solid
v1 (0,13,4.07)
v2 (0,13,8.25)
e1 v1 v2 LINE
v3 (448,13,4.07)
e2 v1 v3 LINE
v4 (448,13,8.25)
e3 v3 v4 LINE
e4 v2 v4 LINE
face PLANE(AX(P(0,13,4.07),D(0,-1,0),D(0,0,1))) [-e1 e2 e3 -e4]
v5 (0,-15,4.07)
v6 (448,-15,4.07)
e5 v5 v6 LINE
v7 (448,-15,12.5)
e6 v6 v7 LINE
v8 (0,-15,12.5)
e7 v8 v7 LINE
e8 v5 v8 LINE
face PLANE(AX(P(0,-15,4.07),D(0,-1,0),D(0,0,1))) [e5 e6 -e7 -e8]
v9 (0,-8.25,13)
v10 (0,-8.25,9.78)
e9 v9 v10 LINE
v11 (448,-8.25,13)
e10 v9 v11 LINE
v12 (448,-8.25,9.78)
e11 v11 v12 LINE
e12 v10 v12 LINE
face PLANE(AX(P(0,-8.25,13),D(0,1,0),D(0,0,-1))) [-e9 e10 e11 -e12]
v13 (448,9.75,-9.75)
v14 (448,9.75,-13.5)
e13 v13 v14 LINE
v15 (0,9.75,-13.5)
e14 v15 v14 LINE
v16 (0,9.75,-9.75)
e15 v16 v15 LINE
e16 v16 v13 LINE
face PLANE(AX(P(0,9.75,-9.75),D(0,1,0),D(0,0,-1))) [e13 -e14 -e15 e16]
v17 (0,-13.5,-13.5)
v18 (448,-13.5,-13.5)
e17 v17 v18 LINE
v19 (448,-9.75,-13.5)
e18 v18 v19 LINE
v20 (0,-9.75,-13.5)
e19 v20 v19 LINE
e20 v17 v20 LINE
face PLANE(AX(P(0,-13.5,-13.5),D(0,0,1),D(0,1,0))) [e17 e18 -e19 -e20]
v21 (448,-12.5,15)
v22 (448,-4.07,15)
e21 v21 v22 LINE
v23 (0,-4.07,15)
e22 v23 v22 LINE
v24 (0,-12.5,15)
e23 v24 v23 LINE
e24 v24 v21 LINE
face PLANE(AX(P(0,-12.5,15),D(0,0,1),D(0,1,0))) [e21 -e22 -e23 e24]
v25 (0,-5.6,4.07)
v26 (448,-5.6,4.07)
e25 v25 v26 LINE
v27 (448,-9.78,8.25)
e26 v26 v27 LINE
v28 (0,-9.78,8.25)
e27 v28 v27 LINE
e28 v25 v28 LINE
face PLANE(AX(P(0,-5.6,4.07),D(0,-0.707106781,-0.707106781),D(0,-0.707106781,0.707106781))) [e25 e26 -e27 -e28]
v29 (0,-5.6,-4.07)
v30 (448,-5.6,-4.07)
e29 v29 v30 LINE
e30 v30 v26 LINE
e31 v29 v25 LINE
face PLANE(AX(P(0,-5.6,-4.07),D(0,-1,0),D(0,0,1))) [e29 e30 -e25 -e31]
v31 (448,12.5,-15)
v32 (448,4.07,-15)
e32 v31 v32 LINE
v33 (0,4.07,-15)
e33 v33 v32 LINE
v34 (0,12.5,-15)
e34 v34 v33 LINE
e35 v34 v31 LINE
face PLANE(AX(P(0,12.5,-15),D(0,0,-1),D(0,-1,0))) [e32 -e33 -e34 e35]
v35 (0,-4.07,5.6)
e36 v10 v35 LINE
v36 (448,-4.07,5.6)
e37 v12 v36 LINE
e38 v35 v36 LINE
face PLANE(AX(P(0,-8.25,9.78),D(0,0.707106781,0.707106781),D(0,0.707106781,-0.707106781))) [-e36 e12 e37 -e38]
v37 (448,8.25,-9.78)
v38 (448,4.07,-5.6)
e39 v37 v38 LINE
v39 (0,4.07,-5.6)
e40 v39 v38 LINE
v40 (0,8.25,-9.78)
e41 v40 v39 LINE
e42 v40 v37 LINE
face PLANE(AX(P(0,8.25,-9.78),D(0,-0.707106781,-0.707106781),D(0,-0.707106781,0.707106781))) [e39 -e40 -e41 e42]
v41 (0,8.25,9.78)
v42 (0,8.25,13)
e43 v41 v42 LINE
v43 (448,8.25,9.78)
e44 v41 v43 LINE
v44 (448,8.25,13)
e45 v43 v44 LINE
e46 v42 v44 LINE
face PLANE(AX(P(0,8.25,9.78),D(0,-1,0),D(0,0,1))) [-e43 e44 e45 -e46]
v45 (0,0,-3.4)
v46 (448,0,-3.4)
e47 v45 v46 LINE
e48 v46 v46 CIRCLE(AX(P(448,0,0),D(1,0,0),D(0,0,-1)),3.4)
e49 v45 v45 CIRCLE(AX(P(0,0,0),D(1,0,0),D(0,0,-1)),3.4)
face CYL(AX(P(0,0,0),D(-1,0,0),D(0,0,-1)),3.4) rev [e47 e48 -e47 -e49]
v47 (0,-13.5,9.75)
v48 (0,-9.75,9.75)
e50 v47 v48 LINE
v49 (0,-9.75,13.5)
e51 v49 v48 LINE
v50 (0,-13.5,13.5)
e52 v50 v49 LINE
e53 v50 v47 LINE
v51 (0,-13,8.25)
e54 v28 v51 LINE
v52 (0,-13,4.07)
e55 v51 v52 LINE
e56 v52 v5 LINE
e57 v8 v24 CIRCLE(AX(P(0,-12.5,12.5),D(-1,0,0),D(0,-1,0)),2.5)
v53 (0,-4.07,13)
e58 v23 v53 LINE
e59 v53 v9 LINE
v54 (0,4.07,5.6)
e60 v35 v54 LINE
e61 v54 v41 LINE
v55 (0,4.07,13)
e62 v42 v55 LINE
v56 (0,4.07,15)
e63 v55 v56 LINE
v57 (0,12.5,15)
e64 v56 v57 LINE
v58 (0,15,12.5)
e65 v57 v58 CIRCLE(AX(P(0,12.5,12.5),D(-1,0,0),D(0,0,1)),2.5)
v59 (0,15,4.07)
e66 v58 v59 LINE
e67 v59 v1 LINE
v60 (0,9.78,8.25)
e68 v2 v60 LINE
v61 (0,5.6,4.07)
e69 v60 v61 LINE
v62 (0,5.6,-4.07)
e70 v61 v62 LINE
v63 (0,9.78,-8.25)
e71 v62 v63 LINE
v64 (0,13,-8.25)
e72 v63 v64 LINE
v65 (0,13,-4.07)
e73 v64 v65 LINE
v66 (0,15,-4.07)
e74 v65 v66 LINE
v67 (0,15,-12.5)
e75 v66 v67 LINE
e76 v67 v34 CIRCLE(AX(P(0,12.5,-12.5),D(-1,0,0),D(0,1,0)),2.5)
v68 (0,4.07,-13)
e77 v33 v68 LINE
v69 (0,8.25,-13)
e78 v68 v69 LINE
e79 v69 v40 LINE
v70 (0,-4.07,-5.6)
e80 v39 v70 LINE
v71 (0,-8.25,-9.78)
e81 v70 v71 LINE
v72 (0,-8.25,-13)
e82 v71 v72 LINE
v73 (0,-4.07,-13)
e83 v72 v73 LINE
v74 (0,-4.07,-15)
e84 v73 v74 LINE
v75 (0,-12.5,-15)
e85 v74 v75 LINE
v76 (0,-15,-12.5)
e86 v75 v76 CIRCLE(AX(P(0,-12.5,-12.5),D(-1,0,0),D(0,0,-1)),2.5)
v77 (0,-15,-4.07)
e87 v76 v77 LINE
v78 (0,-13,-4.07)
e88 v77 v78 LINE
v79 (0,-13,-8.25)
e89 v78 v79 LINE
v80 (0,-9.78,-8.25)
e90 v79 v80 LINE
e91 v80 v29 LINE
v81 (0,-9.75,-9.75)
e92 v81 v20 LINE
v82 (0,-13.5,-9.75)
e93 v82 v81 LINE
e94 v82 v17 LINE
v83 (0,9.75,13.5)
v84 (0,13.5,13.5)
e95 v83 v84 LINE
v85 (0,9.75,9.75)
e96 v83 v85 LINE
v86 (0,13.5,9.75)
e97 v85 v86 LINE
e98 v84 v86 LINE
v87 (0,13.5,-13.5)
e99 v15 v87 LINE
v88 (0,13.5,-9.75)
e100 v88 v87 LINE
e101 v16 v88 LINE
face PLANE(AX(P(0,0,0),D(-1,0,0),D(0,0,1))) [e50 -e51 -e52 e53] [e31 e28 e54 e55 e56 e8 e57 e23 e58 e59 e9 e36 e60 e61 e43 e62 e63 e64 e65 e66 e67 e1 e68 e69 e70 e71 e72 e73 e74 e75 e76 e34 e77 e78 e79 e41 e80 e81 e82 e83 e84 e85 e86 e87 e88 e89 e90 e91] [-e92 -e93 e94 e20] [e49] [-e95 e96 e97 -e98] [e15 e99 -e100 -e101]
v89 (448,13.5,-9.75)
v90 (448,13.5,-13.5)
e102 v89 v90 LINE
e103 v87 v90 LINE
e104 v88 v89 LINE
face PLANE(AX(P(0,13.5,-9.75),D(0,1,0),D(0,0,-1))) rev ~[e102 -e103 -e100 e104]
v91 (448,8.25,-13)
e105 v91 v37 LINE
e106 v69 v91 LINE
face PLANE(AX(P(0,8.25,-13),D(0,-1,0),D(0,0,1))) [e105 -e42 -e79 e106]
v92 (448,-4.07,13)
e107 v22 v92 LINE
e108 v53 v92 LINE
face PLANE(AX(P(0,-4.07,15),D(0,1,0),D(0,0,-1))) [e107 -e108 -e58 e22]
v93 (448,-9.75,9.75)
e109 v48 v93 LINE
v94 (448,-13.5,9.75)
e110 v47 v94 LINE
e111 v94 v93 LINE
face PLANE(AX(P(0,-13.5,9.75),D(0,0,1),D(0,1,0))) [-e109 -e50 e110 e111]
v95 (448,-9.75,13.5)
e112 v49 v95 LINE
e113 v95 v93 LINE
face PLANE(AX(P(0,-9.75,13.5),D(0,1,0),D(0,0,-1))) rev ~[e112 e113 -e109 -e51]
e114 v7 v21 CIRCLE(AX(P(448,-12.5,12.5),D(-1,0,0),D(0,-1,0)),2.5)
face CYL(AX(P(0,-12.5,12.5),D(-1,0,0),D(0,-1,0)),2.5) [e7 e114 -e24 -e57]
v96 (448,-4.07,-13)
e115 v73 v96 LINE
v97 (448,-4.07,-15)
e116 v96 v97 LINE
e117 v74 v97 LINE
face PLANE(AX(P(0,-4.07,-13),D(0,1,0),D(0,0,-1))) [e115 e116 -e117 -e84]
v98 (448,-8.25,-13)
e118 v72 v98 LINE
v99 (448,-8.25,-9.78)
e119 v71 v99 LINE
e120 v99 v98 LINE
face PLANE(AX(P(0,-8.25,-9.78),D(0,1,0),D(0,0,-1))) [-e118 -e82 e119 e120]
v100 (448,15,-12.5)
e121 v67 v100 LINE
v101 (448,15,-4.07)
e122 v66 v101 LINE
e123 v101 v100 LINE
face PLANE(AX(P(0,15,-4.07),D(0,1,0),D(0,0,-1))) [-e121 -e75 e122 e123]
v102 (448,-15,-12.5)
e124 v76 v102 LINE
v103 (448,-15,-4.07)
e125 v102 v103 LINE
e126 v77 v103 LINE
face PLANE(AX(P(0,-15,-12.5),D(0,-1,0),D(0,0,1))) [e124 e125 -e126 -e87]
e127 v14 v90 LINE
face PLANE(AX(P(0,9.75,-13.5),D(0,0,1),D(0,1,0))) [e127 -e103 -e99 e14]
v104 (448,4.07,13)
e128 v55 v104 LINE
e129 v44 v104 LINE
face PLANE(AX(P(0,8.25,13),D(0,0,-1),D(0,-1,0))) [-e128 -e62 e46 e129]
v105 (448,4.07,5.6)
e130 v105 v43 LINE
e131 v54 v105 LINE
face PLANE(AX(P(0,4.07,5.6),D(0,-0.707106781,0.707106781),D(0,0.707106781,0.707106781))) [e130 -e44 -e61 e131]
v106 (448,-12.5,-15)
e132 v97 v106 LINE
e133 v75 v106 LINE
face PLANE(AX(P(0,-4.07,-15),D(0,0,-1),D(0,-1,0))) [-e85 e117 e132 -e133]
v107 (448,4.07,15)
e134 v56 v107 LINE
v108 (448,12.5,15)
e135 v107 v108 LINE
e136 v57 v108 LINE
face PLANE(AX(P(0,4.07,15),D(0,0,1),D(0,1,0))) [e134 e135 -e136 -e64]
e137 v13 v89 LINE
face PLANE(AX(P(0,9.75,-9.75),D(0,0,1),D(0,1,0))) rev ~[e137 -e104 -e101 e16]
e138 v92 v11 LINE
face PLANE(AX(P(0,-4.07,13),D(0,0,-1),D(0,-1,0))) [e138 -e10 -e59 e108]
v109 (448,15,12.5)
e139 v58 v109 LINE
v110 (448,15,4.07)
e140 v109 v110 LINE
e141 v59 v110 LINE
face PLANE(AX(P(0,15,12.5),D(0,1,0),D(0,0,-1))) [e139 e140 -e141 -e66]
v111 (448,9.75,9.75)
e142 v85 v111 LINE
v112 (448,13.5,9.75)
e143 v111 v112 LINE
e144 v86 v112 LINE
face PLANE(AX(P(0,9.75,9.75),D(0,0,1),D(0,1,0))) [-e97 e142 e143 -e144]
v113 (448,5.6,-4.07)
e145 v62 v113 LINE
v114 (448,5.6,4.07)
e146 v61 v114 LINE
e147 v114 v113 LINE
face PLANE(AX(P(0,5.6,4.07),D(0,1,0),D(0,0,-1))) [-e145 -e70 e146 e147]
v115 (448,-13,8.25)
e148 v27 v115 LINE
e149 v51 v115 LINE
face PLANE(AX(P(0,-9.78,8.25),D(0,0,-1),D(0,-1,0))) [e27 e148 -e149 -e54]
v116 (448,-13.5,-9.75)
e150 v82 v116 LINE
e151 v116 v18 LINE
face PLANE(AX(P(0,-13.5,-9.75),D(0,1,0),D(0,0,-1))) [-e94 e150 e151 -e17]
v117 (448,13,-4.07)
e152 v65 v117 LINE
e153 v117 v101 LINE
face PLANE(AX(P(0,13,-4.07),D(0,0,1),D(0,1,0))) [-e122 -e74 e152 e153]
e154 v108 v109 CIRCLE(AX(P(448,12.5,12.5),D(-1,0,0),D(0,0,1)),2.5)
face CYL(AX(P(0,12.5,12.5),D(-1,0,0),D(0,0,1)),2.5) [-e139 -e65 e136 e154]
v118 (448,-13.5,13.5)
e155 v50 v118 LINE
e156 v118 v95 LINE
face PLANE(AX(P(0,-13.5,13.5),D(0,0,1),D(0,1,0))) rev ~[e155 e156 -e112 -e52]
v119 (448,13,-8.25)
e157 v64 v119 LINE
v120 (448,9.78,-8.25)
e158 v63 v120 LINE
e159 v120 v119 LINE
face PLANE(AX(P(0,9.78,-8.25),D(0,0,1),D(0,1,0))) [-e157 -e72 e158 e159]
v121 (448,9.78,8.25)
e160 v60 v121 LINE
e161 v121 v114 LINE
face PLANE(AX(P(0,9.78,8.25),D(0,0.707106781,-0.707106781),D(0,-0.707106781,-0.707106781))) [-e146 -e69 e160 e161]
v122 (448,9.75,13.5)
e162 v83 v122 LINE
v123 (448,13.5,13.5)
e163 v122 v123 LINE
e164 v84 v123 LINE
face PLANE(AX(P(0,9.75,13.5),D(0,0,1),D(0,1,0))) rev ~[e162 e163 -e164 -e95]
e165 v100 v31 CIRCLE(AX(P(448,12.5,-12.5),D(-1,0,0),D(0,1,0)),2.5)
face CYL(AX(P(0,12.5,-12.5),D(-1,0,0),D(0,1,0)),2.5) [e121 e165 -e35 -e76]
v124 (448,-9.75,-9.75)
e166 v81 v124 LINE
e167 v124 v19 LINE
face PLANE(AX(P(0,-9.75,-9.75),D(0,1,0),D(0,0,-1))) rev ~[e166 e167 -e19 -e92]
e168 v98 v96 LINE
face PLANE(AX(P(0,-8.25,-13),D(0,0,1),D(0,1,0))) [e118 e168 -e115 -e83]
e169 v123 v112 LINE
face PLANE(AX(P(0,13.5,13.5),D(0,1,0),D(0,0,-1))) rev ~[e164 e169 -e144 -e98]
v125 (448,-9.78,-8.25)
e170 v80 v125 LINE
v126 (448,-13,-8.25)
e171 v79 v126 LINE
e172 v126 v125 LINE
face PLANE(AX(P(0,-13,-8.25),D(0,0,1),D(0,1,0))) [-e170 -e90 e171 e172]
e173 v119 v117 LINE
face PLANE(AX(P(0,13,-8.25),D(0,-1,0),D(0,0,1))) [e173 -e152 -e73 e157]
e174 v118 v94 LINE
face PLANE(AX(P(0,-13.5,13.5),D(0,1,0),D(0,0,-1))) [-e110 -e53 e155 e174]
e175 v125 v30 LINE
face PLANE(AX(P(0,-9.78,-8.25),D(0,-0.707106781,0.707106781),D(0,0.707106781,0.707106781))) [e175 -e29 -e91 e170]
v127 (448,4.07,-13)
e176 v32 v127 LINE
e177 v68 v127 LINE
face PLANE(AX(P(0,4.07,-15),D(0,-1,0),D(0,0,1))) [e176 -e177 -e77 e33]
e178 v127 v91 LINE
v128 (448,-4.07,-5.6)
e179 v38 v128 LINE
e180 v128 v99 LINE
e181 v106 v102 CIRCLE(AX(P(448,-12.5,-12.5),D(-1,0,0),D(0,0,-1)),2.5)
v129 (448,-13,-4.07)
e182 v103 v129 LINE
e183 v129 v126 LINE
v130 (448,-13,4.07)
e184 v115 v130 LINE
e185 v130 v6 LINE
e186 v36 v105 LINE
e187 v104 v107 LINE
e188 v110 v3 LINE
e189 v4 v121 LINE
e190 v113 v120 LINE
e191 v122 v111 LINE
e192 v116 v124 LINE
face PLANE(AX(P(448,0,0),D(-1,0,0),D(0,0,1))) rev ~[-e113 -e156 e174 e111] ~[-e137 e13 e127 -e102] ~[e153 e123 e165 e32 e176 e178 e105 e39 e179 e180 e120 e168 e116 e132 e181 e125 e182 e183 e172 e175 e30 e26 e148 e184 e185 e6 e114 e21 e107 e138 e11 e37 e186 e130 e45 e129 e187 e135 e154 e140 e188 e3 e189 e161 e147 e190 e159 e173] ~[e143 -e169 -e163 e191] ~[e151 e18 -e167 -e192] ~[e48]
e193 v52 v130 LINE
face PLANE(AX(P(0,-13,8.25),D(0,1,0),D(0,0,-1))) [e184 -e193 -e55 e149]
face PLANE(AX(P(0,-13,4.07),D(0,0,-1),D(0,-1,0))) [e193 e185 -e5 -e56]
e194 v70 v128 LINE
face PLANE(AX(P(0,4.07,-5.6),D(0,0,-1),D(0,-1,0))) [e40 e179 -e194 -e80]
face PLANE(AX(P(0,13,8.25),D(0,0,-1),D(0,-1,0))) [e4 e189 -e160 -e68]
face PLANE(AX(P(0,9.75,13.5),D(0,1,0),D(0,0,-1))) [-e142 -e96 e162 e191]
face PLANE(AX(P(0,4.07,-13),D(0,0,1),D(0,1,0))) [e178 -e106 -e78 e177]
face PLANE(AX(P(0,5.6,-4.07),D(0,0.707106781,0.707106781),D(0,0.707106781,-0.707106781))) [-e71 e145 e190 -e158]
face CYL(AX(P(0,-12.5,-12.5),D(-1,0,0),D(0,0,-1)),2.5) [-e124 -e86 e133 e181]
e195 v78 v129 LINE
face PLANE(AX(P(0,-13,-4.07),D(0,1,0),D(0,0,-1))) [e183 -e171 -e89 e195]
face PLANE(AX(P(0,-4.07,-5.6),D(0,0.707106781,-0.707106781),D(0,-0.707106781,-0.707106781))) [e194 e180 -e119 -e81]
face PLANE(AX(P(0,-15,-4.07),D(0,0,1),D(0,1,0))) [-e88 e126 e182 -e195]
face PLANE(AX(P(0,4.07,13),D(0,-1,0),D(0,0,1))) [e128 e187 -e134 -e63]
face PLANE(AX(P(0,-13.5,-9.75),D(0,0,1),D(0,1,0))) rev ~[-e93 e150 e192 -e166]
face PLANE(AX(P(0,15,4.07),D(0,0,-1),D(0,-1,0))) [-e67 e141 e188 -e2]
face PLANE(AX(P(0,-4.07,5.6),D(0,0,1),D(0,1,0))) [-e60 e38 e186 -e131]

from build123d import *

# Parameters (mm, degrees)
SKETCH13_R                     = 3.4
SKETCH13_W                     = 3.75
SKETCH13_H                     = 3.75
T_SLOT_PROFILES_3030_2_1_DEPTH = 448


with BuildPart() as part:
    # Sketch13 → T-slot profiles 3030_2(1) (new body)
    with BuildSketch(Plane(origin=(0, 0, 0), x_dir=(0, 0, -1), z_dir=(1, 0, 0))):
        with BuildLine():
            Line((-4.07, 5.6), (4.07, 5.6))
            Line((4.07, 5.6), (8.25, 9.78))
            Line((8.25, 9.78), (8.25, 13))
            Line((8.25, 13), (4.07, 13))
            Line((4.07, 13), (4.07, 15))
            Line((4.07, 15), (12.5, 15))
            ThreePointArc((12.5, 15), (14.267766953, 14.267766953), (15, 12.5))
            Line((15, 12.5), (15, 4.07))
            Line((15, 4.07), (13, 4.07))
            Line((13, 4.07), (13, 8.25))
            Line((13, 8.25), (9.78, 8.25))
            Line((9.78, 8.25), (5.6, 4.07))
            Line((5.6, 4.07), (5.6, -4.07))
            Line((5.6, -4.07), (9.78, -8.25))
            Line((9.78, -8.25), (13, -8.25))
            Line((13, -8.25), (13, -4.07))
            Line((13, -4.07), (15, -4.07))
            Line((15, -4.07), (15, -12.5))
            ThreePointArc((15, -12.5), (14.267766953, -14.267766953), (12.5, -15))
            Line((12.5, -15), (4.07, -15))
            Line((4.07, -15), (4.07, -13))
            Line((4.07, -13), (8.25, -13))
            Line((8.25, -13), (8.25, -9.78))
            Line((8.25, -9.78), (4.07, -5.6))
            Line((4.07, -5.6), (-4.07, -5.6))
            Line((-4.07, -5.6), (-8.25, -9.78))
            Line((-8.25, -9.78), (-8.25, -13))
            Line((-8.25, -13), (-4.07, -13))
            Line((-4.07, -13), (-4.07, -15))
            Line((-4.07, -15), (-12.5, -15))
            ThreePointArc((-12.5, -15), (-14.267766953, -14.267766953), (-15, -12.5))
            Line((-15, -12.5), (-15, -4.07))
            Line((-15, -4.07), (-13, -4.07))
            Line((-13, -4.07), (-13, -8.25))
            Line((-13, -8.25), (-9.78, -8.25))
            Line((-9.78, -8.25), (-5.6, -4.07))
            Line((-5.6, -4.07), (-5.6, 4.07))
            Line((-5.6, 4.07), (-9.78, 8.25))
            Line((-9.78, 8.25), (-13, 8.25))
            Line((-13, 8.25), (-13, 4.07))
            Line((-13, 4.07), (-15, 4.07))
            Line((-15, 4.07), (-15, 12.5))
            ThreePointArc((-15, 12.5), (-14.267766953, 14.267766953), (-12.5, 15))
            Line((-12.5, 15), (-4.07, 15))
            Line((-4.07, 15), (-4.07, 13))
            Line((-4.07, 13), (-8.25, 13))
            Line((-8.25, 13), (-8.25, 9.78))
            Line((-8.25, 9.78), (-4.07, 5.6))
        make_face()
        Circle(SKETCH13_R, mode=Mode.SUBTRACT)
        with Locations((11.625, 11.625)):
            Rectangle(SKETCH13_W, SKETCH13_H, mode=Mode.SUBTRACT)
        with Locations((11.625, -11.625)):
            Rectangle(SKETCH13_W, SKETCH13_H, mode=Mode.SUBTRACT)
        with Locations((-11.625, 11.625)):
            Rectangle(SKETCH13_W, SKETCH13_H, mode=Mode.SUBTRACT)
        with Locations((-11.625, -11.625)):
            Rectangle(SKETCH13_W, SKETCH13_H, mode=Mode.SUBTRACT)
    extrude(amount=T_SLOT_PROFILES_3030_2_1_DEPTH)


solid = part.part
